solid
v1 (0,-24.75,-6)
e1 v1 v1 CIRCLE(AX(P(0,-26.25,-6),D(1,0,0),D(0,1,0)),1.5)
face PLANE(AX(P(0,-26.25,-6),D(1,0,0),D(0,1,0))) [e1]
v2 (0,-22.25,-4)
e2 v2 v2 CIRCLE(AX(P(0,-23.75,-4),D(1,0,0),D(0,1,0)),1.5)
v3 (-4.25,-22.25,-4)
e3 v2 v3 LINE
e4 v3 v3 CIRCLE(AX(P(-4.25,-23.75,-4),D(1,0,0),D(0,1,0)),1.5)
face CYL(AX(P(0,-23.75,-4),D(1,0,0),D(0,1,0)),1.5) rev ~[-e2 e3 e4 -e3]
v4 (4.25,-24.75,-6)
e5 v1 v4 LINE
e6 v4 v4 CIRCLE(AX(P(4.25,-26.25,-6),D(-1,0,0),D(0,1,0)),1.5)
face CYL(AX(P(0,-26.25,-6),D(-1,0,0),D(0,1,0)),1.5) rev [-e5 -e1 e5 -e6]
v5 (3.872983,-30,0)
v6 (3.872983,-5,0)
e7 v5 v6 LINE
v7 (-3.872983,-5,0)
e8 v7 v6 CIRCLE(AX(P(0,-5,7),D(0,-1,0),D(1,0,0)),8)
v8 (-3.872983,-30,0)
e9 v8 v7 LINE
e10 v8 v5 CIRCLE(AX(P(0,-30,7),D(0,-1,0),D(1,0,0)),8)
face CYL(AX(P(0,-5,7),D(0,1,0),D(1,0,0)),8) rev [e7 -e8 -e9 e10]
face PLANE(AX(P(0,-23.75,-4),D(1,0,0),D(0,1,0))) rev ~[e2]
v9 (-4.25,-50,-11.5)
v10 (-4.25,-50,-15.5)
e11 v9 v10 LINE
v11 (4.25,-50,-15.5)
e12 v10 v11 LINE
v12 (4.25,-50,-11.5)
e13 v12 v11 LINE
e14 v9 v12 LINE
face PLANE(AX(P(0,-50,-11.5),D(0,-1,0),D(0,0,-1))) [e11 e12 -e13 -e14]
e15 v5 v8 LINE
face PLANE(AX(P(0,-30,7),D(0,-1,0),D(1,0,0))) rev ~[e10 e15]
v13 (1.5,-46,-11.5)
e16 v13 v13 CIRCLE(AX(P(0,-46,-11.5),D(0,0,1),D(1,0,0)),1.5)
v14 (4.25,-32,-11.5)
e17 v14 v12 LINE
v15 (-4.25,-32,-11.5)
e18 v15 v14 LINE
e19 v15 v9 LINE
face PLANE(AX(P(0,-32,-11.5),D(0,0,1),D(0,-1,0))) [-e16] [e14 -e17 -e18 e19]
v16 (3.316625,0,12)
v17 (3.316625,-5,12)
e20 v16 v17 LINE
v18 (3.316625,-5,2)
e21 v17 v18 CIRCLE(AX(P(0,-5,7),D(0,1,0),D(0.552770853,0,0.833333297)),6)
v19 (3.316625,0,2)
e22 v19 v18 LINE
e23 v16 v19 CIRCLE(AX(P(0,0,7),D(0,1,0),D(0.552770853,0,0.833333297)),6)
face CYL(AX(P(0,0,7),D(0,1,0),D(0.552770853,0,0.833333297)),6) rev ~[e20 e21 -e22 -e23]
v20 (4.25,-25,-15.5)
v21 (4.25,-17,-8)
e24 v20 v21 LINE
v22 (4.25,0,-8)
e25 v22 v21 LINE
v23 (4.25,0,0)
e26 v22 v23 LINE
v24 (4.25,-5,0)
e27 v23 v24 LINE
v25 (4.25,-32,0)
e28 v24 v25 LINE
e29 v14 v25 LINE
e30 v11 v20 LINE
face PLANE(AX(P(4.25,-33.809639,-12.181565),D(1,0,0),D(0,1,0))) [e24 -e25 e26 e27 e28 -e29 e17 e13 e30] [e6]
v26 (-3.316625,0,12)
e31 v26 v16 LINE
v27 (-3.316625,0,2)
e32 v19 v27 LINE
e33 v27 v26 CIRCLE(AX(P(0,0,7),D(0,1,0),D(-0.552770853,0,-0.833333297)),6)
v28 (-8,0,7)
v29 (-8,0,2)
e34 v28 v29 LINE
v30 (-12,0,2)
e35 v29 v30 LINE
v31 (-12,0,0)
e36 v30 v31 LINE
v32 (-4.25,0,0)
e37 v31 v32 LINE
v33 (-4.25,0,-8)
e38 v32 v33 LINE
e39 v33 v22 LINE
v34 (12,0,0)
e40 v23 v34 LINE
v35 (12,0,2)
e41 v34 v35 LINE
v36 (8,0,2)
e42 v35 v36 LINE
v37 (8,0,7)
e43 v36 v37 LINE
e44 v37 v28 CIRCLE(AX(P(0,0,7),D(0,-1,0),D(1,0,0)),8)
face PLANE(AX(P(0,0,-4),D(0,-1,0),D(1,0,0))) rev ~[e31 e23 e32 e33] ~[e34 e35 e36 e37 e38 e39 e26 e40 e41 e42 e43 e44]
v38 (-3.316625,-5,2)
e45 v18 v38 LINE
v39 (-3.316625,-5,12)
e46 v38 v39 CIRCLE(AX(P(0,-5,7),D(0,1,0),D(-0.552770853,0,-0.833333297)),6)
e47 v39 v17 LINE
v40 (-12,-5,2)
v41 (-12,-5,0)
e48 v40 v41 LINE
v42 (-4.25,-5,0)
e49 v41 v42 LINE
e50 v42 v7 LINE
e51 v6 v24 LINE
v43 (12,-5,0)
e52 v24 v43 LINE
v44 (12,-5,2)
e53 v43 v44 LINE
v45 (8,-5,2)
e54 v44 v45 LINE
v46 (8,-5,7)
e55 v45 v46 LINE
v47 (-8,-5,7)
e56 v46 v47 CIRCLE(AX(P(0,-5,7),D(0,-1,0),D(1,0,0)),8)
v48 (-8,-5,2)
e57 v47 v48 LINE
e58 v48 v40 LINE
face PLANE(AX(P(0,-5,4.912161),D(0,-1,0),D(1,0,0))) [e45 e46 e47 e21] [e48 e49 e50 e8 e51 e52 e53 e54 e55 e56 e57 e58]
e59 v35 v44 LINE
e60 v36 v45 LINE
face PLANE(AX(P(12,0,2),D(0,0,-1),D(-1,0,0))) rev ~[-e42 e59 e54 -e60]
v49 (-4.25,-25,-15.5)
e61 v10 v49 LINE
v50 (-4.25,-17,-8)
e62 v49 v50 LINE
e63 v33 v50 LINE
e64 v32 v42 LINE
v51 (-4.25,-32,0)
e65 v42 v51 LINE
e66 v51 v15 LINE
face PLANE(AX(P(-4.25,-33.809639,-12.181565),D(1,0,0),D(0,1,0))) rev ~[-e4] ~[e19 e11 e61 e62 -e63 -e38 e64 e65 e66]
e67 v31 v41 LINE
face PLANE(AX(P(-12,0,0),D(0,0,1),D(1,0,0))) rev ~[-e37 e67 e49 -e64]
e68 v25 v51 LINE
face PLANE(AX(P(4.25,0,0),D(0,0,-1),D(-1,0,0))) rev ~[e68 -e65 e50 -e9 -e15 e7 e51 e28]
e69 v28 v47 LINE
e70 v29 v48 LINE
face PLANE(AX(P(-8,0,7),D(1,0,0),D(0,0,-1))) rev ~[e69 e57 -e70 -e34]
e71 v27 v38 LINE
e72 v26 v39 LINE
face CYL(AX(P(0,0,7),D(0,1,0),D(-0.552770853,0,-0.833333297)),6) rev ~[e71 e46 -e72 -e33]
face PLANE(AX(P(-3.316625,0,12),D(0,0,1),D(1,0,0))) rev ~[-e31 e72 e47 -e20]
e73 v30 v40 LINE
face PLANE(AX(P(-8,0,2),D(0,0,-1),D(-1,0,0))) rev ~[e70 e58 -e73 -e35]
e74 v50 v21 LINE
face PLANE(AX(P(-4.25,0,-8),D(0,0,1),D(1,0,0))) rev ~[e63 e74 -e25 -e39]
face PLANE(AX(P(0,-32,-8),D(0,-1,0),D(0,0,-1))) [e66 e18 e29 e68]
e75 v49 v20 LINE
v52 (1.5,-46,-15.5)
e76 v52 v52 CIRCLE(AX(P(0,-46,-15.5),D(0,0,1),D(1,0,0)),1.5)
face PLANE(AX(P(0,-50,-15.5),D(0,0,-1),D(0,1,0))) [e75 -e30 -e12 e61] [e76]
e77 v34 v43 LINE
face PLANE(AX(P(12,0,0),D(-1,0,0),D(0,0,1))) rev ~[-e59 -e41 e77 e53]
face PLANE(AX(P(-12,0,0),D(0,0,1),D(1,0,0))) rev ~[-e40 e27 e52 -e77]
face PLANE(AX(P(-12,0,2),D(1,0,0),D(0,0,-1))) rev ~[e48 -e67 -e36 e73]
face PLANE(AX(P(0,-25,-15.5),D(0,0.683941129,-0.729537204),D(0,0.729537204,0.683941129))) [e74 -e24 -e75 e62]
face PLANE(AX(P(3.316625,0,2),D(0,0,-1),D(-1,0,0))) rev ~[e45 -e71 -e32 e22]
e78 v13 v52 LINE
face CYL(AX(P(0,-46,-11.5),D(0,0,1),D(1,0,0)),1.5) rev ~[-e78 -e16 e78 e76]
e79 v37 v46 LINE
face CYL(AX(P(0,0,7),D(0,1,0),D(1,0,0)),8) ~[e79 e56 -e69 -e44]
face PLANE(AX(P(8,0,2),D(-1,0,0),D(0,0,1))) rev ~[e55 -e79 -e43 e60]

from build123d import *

# Parameters (mm, degrees)
F1_DEPTH      = 5
F2_DEPTH      = 32
F3_R          = 1.5
F4_DEPTH      = 25
F5_DEPTH      = 25
F6_R          = 8
F7_DEPTH      = 25
F9_DEPTH      = 4.25
F9_DEPTH_BACK = 4.25
F10_R         = 1.5
F11_DEPTH     = 25


with BuildPart() as f1:
    # F0 (on Front) → F1 (new body)
    with BuildSketch(Plane.XZ):
        with BuildLine():
            Line((-8, 7), (-8, 2))
            Line((-8, 2), (-12, 2))
            Line((-12, 2), (-12, 0))
            Line((-12, 0), (-4.25, 0))
            Line((-4.25, 0), (0, 0))
            Line((0, 0), (4.25, 0))
            Line((4.25, 0), (12, 0))
            Line((12, 0), (12, 2))
            Line((12, 2), (8, 2))
            Line((8, 2), (8, 7))
            ThreePointArc((8, 7), (0, 15), (-8, 7))
        make_face()
        with BuildLine():
            ThreePointArc((3.316625, 12), (6, 7), (3.316625, 2))
            Line((3.316625, 2), (-3.316625, 2))
            ThreePointArc((-3.316625, 2), (-6, 7), (-3.316625, 12))
            Line((-3.316625, 12), (3.316625, 12))
        make_face(mode=Mode.SUBTRACT)
    extrude(amount=F1_DEPTH)

    # F0 (on Front) → F2 (join)
    with BuildSketch(Plane.XZ):
        Polygon((0, 0), (-4.25, 0), (-4.25, -8), (4.25, -8), (4.25, 0), align=None)
    extrude(amount=F2_DEPTH)

    # F3 (on Right) → F4 (cut)
    with BuildSketch(Plane.YZ):
        with Locations((-23.75, -4)):
            Circle(F3_R)
    extrude(amount=-F4_DEPTH, mode=Mode.SUBTRACT)

    # F3 (on Right) → F5 (cut)
    with BuildSketch(Plane.YZ):
        with Locations((-26.25, -6)):
            Circle(F3_R)
    extrude(amount=F5_DEPTH, mode=Mode.SUBTRACT)

    # F6 (on face) → F7 (cut)
    with BuildSketch(Plane.XZ.offset(5)):
        with Locations((0, 7)):
            Circle(F6_R)
    extrude(amount=F7_DEPTH, mode=Mode.SUBTRACT)

    # F8 (on Right) → F9 (join, two sides)
    with BuildSketch(Plane.YZ) as f9_sk:
        Polygon((-32, -8), (-32, -11.5), (-50, -11.5), (-50, -15.5), (-25, -15.5), (-17, -8), align=None)
    extrude(amount=F9_DEPTH)
    extrude(f9_sk.sketch, amount=-F9_DEPTH_BACK)

    # F10 (on face) → F11 (cut)
    with BuildSketch(Plane.XY.offset(-11.5)):
        with Locations((0, -46)):
            Circle(F10_R)
    extrude(amount=-F11_DEPTH, mode=Mode.SUBTRACT)


solid = f1.part
